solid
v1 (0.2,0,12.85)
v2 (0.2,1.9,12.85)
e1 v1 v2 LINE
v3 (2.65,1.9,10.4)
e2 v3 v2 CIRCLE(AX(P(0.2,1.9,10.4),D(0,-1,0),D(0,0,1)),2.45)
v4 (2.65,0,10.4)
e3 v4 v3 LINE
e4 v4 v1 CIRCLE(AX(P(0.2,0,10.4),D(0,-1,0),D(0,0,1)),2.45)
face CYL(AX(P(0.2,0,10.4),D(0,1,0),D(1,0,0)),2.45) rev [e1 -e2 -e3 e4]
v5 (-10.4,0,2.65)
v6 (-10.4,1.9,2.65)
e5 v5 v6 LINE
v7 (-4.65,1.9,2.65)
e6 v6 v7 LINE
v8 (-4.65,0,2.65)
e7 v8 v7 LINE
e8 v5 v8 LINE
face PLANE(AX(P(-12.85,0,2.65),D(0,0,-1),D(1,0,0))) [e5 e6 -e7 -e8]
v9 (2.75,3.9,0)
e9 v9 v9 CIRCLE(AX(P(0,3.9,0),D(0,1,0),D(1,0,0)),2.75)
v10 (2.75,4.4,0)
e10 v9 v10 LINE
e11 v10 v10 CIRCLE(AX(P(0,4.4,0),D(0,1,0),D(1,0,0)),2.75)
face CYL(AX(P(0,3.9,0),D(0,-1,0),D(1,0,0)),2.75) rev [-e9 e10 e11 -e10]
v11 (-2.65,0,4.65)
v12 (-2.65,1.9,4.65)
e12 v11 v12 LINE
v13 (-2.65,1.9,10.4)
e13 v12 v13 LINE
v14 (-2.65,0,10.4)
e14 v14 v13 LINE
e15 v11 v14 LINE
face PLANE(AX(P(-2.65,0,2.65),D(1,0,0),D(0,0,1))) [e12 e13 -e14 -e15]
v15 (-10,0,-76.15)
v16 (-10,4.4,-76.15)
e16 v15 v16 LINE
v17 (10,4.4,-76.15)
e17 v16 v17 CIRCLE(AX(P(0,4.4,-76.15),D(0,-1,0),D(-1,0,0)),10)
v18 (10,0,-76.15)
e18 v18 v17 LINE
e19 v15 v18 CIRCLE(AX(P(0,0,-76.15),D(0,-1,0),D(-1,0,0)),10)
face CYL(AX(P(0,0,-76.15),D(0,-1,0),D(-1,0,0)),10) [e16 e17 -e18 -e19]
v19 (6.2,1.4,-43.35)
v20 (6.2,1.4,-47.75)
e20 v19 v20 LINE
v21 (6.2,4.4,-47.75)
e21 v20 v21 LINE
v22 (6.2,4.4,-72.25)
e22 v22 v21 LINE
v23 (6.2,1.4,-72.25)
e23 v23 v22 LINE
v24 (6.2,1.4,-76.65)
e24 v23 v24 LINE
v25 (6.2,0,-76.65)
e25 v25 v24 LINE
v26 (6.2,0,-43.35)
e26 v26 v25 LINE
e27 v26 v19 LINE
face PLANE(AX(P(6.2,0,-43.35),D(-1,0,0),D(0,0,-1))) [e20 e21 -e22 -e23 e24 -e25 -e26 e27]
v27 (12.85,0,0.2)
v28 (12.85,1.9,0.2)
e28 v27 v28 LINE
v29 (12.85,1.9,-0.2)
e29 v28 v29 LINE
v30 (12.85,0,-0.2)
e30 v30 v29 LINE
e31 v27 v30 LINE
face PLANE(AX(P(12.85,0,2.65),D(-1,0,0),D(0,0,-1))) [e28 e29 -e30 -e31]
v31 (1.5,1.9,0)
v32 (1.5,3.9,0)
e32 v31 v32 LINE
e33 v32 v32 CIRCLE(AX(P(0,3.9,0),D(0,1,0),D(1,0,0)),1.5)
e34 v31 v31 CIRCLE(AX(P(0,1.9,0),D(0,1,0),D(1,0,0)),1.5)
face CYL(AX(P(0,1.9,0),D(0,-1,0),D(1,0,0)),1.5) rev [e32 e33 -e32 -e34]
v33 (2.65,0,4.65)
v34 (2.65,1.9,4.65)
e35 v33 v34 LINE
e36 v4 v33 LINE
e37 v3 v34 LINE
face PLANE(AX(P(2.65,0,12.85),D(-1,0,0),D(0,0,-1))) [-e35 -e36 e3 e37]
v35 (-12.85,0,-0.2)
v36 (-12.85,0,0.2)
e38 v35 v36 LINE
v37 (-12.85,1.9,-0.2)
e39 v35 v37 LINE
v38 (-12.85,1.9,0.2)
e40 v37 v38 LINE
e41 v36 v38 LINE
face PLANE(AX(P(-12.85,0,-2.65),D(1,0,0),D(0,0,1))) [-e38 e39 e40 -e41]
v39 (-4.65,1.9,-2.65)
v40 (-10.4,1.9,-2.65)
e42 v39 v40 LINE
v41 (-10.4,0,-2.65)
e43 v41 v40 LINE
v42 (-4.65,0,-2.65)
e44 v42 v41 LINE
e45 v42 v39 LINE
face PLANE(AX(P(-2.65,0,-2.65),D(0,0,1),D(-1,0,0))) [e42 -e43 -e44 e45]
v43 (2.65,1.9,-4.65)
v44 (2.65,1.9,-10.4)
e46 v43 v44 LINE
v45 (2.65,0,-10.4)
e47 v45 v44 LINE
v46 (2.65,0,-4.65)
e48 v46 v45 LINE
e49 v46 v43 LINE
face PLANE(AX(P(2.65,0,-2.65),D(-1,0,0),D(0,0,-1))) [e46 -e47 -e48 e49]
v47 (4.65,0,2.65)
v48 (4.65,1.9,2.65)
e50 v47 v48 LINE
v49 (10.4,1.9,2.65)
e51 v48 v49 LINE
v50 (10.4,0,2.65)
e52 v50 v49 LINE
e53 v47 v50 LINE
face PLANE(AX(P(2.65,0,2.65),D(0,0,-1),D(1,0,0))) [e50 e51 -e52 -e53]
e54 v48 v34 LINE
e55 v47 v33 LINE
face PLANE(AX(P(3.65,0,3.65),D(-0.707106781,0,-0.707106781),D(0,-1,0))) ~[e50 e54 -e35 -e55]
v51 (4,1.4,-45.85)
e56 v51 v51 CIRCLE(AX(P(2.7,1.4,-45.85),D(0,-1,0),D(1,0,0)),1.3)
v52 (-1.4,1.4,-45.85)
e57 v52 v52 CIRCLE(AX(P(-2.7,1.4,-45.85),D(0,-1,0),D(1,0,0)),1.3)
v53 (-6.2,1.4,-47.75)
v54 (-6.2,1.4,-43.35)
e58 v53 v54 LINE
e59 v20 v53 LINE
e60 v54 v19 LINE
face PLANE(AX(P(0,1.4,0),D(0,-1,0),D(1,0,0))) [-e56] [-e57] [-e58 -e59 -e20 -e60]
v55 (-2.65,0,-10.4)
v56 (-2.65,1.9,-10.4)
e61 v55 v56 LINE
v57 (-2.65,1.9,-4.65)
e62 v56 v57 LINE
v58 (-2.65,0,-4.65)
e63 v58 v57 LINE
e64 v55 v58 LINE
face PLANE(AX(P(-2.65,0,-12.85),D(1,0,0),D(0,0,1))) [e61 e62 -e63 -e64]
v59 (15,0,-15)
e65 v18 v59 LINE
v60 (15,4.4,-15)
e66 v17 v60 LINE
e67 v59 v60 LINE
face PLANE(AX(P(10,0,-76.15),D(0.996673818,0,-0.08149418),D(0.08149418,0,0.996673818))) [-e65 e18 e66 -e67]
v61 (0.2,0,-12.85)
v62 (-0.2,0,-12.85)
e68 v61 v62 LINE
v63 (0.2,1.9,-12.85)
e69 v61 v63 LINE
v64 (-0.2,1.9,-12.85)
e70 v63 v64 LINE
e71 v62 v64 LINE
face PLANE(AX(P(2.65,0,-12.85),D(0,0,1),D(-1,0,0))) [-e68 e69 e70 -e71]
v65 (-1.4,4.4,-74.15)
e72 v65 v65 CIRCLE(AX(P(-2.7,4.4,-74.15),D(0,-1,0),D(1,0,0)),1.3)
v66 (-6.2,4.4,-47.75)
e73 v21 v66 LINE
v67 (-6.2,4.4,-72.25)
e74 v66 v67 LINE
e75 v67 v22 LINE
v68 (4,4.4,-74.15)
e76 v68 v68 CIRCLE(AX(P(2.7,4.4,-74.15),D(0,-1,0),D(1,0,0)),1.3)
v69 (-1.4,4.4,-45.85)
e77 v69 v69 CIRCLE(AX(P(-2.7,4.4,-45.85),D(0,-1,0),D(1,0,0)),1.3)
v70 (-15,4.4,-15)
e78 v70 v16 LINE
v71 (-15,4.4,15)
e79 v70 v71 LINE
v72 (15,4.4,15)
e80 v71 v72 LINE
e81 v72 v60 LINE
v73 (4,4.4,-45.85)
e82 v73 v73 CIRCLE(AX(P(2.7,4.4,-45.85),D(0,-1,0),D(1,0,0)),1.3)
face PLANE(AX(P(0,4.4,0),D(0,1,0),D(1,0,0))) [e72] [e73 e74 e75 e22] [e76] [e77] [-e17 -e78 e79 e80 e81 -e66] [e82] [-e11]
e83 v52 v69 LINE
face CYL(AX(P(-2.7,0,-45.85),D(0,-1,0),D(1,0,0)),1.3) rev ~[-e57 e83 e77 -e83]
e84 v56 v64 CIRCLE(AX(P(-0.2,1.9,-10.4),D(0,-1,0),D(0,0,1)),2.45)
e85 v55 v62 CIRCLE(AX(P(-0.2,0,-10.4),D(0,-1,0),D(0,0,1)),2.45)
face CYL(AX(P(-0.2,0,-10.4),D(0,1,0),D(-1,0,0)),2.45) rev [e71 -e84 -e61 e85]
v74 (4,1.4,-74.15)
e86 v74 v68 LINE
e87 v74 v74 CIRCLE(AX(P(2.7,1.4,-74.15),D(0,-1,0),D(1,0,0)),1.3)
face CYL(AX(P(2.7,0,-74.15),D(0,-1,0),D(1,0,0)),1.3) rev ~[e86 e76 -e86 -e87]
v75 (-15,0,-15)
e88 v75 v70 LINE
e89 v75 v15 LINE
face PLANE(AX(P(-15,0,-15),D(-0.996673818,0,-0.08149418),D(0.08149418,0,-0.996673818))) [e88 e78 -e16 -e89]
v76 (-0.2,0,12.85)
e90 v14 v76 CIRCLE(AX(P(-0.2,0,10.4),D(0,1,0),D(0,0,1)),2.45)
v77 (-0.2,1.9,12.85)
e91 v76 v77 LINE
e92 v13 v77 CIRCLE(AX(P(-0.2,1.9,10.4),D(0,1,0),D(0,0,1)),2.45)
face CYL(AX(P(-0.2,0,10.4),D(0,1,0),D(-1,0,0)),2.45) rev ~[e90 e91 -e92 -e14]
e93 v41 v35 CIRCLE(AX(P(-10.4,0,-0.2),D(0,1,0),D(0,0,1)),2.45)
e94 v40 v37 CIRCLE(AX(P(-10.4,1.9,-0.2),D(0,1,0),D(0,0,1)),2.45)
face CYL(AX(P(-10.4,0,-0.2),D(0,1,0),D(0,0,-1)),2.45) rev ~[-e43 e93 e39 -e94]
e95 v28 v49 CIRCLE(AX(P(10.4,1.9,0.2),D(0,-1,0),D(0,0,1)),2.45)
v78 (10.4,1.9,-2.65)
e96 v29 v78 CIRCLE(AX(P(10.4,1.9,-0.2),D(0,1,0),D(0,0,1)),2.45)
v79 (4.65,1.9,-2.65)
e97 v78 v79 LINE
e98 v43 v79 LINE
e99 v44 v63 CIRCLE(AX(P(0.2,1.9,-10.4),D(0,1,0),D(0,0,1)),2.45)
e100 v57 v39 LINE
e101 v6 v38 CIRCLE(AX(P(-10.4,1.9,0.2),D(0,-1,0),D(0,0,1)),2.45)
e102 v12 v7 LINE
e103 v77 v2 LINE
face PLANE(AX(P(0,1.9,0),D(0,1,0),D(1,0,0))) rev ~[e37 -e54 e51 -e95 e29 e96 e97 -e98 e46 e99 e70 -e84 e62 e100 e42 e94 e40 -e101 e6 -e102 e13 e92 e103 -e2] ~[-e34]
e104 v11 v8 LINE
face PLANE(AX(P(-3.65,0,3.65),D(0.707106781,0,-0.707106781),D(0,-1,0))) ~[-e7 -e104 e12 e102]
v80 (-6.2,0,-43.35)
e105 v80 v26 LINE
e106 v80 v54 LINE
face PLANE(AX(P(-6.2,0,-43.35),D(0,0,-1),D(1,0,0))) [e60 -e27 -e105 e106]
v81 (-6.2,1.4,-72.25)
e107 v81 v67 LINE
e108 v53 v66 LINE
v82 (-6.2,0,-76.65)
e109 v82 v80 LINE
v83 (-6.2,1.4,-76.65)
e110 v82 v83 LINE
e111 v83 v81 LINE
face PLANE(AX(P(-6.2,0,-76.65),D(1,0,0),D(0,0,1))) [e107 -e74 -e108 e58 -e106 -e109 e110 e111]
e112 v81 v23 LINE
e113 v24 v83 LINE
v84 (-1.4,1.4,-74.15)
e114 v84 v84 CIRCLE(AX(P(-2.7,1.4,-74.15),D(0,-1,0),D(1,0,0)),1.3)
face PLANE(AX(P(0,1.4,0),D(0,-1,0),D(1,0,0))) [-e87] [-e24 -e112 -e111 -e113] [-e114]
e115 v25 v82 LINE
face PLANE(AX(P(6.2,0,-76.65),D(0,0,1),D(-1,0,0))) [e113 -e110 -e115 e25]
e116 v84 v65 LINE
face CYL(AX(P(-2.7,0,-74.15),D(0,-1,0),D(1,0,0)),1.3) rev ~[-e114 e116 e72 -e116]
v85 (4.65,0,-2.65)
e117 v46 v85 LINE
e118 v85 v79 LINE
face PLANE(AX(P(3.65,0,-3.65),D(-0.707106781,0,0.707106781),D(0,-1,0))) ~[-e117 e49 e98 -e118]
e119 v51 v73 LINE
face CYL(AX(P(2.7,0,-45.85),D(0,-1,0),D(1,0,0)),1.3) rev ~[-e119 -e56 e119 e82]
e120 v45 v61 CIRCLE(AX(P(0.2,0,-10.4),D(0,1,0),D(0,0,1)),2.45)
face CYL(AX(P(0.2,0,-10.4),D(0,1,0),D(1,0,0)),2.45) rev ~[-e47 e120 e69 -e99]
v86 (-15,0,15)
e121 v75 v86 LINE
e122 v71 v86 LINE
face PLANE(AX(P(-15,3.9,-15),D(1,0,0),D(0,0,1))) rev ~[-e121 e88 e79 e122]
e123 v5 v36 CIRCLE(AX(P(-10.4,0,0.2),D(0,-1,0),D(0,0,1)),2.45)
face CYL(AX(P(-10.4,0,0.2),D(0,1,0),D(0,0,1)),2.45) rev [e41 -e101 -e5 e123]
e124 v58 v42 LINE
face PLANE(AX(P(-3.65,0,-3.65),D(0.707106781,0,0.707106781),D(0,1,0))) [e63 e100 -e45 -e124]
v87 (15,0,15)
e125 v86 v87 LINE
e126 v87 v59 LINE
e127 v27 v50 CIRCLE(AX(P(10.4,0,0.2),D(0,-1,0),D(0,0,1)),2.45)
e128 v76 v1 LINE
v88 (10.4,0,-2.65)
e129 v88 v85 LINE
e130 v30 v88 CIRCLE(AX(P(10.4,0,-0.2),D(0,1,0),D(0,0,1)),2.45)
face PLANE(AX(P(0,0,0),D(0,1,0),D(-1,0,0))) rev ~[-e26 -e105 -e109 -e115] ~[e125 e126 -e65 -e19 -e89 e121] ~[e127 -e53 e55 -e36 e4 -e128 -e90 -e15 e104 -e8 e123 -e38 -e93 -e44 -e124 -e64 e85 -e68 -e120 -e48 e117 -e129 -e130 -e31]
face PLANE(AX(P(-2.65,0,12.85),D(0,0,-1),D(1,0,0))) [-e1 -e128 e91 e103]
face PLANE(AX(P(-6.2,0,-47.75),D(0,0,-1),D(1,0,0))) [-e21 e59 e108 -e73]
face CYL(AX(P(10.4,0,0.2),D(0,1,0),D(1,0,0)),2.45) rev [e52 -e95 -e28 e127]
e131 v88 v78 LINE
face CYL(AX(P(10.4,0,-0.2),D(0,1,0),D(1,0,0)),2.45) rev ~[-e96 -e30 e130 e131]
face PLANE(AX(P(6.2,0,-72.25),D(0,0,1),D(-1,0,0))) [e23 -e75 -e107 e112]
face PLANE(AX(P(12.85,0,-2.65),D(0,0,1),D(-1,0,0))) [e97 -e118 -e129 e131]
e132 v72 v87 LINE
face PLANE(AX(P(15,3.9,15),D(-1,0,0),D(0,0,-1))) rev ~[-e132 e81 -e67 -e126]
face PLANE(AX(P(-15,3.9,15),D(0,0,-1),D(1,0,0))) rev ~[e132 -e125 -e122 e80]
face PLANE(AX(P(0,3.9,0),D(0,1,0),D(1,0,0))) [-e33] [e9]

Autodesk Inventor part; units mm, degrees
ref_plane "YZ Plane" through (0, 0, 0) normal (1, 0, 0) x (0, 1, 0)
ref_plane "XZ Plane" through (0, 0, 0) normal (0, 1, 0) x (-1, 0, 0)
ref_plane "XY Plane" through (0, 0, 0) normal (0, 0, 1) x (1, 0, 0)
sketch "Sketch1" plane through (0, 0, 0) normal (0, 1, 0) x (-1, 0, 0)
  line L0 (-15, -15) -> (15, -15)
  line L1 (15, -15) -> (15, 15)
  line L2 (15, 15) -> (-15, 15)
  line L3 (-15, 15) -> (-15, -15)
  line L4 (-15, -15) -> (15, 15) construction
  line L5 (15, -15) -> (-15, 15) construction
  line L6 (-2.45, -12.65) -> (2.45, -12.65) construction
  line L7 (2.45, -12.65) -> (2.45, 12.65) construction
  line L8 (2.45, 12.65) -> (-2.45, 12.65) construction
  line L9 (-2.45, 12.65) -> (-2.45, -12.65) construction
  line L10 (-2.45, -12.65) -> (2.45, 12.65) construction
  line L11 (2.45, -12.65) -> (-2.45, 12.65) construction
  line L12 (-12.65, -2.45) -> (12.65, -2.45) construction
  line L13 (12.65, -2.45) -> (12.65, 2.45) construction
  line L14 (12.65, 2.45) -> (-12.65, 2.45) construction
  line L15 (-12.65, 2.45) -> (-12.65, -2.45) construction
  line L16 (-12.65, -2.45) -> (12.65, 2.45) construction
  line L17 (12.65, -2.45) -> (-12.65, 2.45) construction
  line L18 (-12.85, -2.65) -> (12.85, -2.65)
  line L19 (12.85, -2.65) -> (12.85, 2.65)
  line L20 (12.85, 2.65) -> (-12.85, 2.65)
  line L21 (-12.85, 2.65) -> (-12.85, -2.65)
  line L22 (-12.85, -2.65) -> (12.85, 2.65) construction
  line L23 (12.85, -2.65) -> (-12.85, 2.65) construction
  line L24 (-2.65, -12.85) -> (2.65, -12.85)
  line L25 (2.65, -12.85) -> (2.65, 12.85)
  line L26 (2.65, 12.85) -> (-2.65, 12.85)
  line L27 (-2.65, 12.85) -> (-2.65, -12.85)
  line L28 (-2.65, -12.85) -> (2.65, 12.85) construction
  line L29 (2.65, -12.85) -> (-2.65, 12.85) construction
  point P0 (0, 0)
  point P1 (0, 0)
  dimension "d0" = 30
  dimension "d1" = 4.9
  dimension "d2" = 10.2
  dimension "d3" = 0.2
  dimension "d4" = 0.2
extrude "Extrusion1" add sketch "Sketch1" along normal blind 1.9
sketch "Sketch2" plane through (0, 1.9, 0) normal (0, 1, 0) x (1, 0, 0)
  line L0 (15, 15) -> (-15, 15) projected
  line L1 (-15, 15) -> (-15, -15) projected
  line L2 (-15, -15) -> (15, -15) projected
  line L3 (15, -15) -> (15, 15) projected
  circle A0 centre (0, 0) radius 1.5
  dimension "d7" = 3
extrude "Extrusion2" add sketch "Sketch2" along normal blind 2
sketch "Sketch3" plane through (0, 3.9, 0) normal (0, 1, 0) x (1, 0, 0)
  circle A0 centre (0, 0) radius 1.5 projected
  line L0 (15, 15) -> (-15, 15) projected
  line L1 (-15, 15) -> (-15, -15) projected
  line L2 (-15, -15) -> (15, -15) projected
  line L3 (15, -15) -> (15, 15) projected
  circle A1 centre (0, 0) radius 2.75
  dimension "d10" = 5.5
extrude "Extrusion3" add sketch "Sketch3" along normal blind 0.5 contours L3 L2 L1 L0
chamfer "Chamfer1" distance 2 angle 45 1 edges at (-2.65, 0.95, -2.65)
fillet "Fillet1" radius 2.45 1 edges at (-12.85, 0.95, -2.65)
fillet "Fillet2" radius 2.45 1 edges at (-2.65, 0.95, -12.85)
chamfer "Chamfer2" distance 2 angle 45 1 edges at (2.65, 0.95, -2.65)
chamfer "Chamfer3" distance 2 angle 45 1 edges at (2.65, 0.95, 2.65)
fillet "Fillet3" radius 2.45 1 edges at (12.85, 0.95, -2.65)
fillet "Fillet4" radius 2.45 1 edges at (2.65, 0.95, -12.85)
fillet "Fillet5" radius 2.45 1 edges at (12.85, 0.95, 2.65)
fillet "Fillet6" radius 2.45 1 edges at (2.65, 0.95, 12.85)
chamfer "Chamfer4" distance 2 angle 45 1 edges at (-2.65, 0.95, 2.65)
fillet "Fillet7" radius 2.45 2 edges at (-2.65, 0.95, 12.85) (-12.85, 0.95, 2.65)
sketch "Sketch4" plane through (0, 0, 0) normal (0, -1, 0) x (1, 0, 0)
  line L0 (15, -15) -> (-15, -15) projected
  line L1 (-10.4, 2.65) -> (-4.65, 2.65) projected
  line L2 (-15, -15) -> (-10, -76.15)
  line L3 (-10, -76.15) -> (10, -76.15)
  line L4 (10, -76.15) -> (15, -15)
  line L5 (0, 0) -> (0, -92.3376) construction
  arc A0 (-10, -76.15) -> (10, -76.15) centre (0, -76.15) ccw
  dimension "d32" = 76.15
  dimension "d33" = 20
extrude "Extrusion4" add sketch "Sketch4" against normal up to surface (4.4 mm away)
sketch "Sketch5" plane through (0, 0, 0) normal (0, -1, 0) x (1, 0, 0)
  line L0 (-5.7, -48.25) -> (5.7, -48.25) construction
  line L1 (5.7, -48.25) -> (5.7, -71.75) construction
  line L2 (5.7, -71.75) -> (-5.7, -71.75) construction
  line L3 (-5.7, -71.75) -> (-5.7, -48.25) construction
  line L4 (0, 0) -> (0, -72.1654) construction
  line L5 (-5.7, -48.25) -> (-5.7, -43.85) construction
  line L6 (-5.7, -43.85) -> (5.7, -43.85) construction
  line L7 (5.7, -43.85) -> (5.7, -48.25) construction
  line L8 (5.7, -71.75) -> (5.7, -76.15) construction
  line L9 (5.7, -76.15) -> (-5.7, -76.15) construction
  line L10 (-5.7, -76.15) -> (-5.7, -71.75) construction
  circle A0 centre (-2.7, -45.85) radius 1.3
  circle A1 centre (2.7, -45.85) radius 1.3
  line L11 (-17.4512, -60) -> (18.2205, -60) construction
  circle A2 centre (-2.7, -74.15) radius 1.3
  circle A3 centre (2.7, -74.15) radius 1.3
  line L12 (-6.2, -47.75) -> (6.2, -47.75)
  line L13 (6.2, -47.75) -> (6.2, -72.25)
  line L14 (6.2, -72.25) -> (-6.2, -72.25)
  line L15 (-6.2, -72.25) -> (-6.2, -47.75)
  dimension "d36" = 11.4
  dimension "d37" = 23.5
  dimension "d38" = 3
  dimension "d39" = 2.4
  dimension "d40" = 4.4
  dimension "d41" = 0.5
  dimension "d42" = 0.5
  dimension "d43" = 60
  dimension "d44" = 2.6
extrude "Extrusion5" cut sketch "Sketch5" against normal through all
sketch "Sketch6" plane through (0, 0, 0) normal (0, -1, 0) x (1, 0, 0)
  arc A0 (-10, -76.15) -> (10, -76.15) centre (0, -76.15) ccw projected
  line L0 (-5.7, -48.25) -> (5.7, -48.25) construction
  line L1 (5.7, -48.25) -> (5.7, -71.75) construction
  line L2 (5.7, -71.75) -> (-5.7, -71.75) construction
  line L3 (-5.7, -71.75) -> (-5.7, -48.25) construction
  line L4 (0, 0) -> (0, -72.5327) construction
  line L5 (-5.7, -48.25) -> (-5.7, -43.85) construction
  line L6 (-5.7, -43.85) -> (5.7, -43.85) construction
  line L7 (5.7, -43.85) -> (5.7, -48.25) construction
  line L8 (5.7, -71.75) -> (5.7, -76.15) construction
  line L9 (5.7, -76.15) -> (-5.7, -76.15) construction
  line L10 (-5.7, -76.15) -> (-5.7, -71.75) construction
  line L11 (-0.5684, -60) -> (35.1033, -60) construction
  line L12 (-6.2, -43.35) -> (6.2, -43.35)
  line L13 (6.2, -43.35) -> (6.2, -76.65)
  line L14 (6.2, -76.65) -> (-6.2, -76.65)
  line L15 (-6.2, -76.65) -> (-6.2, -43.35)
  dimension "d64" = 11.4
  dimension "d65" = 23.5
  dimension "d68" = 4.4
  dimension "d70" = 0.5
  dimension "d71" = 60
  dimension "d81" = 0.5
extrude "Extrusion6" cut sketch "Sketch6" against normal blind 1.4
equation "\"d0\" = FrontUpperLegShoulderWidth"
equation "\"d1\" = ServoArmWidth"
equation "\"d2\" = ServoArmLength"
equation "\"d3\" = ServoArmSpacing"
equation "\"d4\" = ServoArmSpacing"
equation "\"d5\" = ServoArmThickness"
equation "\"d7\" = ServoArmHoleRequired"
equation "\"d8\" = MinimalThickness"
equation "\"d10\" = ServoArmHeadScrewTrace"
equation "\"d11\" = ServoArmHeadScrewThickness"
equation "\"d13\" = ServoArmInternFillet"
equation "\"d16\" = ServoArmExternFillet"
equation "\"d17\" = ServoArmExternFillet"
equation "\"d18\" = ServoArmInternFillet"
equation "\"d21\" = ServoArmInternFillet"
equation "\"d24\" = ServoArmExternFillet"
equation "\"d25\" = ServoArmExternFillet"
equation "\"d26\" = ServoArmExternFillet"
equation "\"d27\" = ServoArmExternFillet"
equation "\"d28\" = ServoArmInternFillet"
equation "\"d31\" = ServoArmExternFillet"
equation "\"d32\" = 0.5 * ServoCoreLength + FrontUpperLegLength + ServoFixationLength"
equation "\"d33\" = FrontUpperLegKneeWidth"
equation "\"d36\" = ServoCoreWidth"
equation "\"d37\" = ServoCoreLength"
equation "\"d38\" = ServoEdgeToFixation"
equation "\"d39\" = ServoCoreToFixation"
equation "\"d40\" = ServoFixationLength"
equation "\"d41\" = ServoTraceSpacing"
equation "\"d42\" = ServoTraceSpacing"
equation "\"d43\" = FrontUpperLegLength"
equation "\"d44\" = ServoScrewDiameterRequired"
equation "\"d64\" = ServoCoreWidth"
equation "\"d65\" = ServoCoreLength"
equation "\"d68\" = ServoFixationLength"
equation "\"d70\" = ServoTraceSpacing"
equation "\"d71\" = FrontUpperLegLength"
equation "\"d81\" = ServoTraceSpacing"
equation "\"d92\" = ServoArmThickness + ServoArmHeadScrewThickness + MinimalThickness - LegServoThickness"
equation "\"FrontUpperLegLength\" = 60"
equation "\"FrontUpperLegKneeWidth\" = 20"
equation "\"ServoTraceSpacing\" = 0.5"
equation "\"FrontUpperLegShoulderWidth\" = 30"
equation "\"LegServoThickness\" = 3"
equation "\"ServoArmWidth\" = 4.9"
equation "\"ServoArmLength\" = 10.2"
equation "\"ServoArmSpacing\" = 0.2"
equation "\"ServoArmThickness\" = 1.9"
equation "\"ServoArmHoleRequired\" = 3"
equation "\"MinimalThickness\" = 2"
equation "\"ServoArmHeadScrewTrace\" = 5.5"
equation "\"ServoArmHeadScrewThickness\" = 0.5"
equation "\"ServoArmInternFillet\" = 2"
equation "\"ServoArmExternFillet\" = 2.45"
equation "\"ServoCoreLength\" = 23.5"
equation "\"ServoFixationLength\" = 4.4"
equation "\"ServoCoreWidth\" = 11.4"
equation "\"ServoEdgeToFixation\" = 3"
equation "\"ServoCoreToFixation\" = 2.4"
equation "\"ServoScrewDiameterRequired\" = 2.6"
properties part number "BackUpperLeg"
